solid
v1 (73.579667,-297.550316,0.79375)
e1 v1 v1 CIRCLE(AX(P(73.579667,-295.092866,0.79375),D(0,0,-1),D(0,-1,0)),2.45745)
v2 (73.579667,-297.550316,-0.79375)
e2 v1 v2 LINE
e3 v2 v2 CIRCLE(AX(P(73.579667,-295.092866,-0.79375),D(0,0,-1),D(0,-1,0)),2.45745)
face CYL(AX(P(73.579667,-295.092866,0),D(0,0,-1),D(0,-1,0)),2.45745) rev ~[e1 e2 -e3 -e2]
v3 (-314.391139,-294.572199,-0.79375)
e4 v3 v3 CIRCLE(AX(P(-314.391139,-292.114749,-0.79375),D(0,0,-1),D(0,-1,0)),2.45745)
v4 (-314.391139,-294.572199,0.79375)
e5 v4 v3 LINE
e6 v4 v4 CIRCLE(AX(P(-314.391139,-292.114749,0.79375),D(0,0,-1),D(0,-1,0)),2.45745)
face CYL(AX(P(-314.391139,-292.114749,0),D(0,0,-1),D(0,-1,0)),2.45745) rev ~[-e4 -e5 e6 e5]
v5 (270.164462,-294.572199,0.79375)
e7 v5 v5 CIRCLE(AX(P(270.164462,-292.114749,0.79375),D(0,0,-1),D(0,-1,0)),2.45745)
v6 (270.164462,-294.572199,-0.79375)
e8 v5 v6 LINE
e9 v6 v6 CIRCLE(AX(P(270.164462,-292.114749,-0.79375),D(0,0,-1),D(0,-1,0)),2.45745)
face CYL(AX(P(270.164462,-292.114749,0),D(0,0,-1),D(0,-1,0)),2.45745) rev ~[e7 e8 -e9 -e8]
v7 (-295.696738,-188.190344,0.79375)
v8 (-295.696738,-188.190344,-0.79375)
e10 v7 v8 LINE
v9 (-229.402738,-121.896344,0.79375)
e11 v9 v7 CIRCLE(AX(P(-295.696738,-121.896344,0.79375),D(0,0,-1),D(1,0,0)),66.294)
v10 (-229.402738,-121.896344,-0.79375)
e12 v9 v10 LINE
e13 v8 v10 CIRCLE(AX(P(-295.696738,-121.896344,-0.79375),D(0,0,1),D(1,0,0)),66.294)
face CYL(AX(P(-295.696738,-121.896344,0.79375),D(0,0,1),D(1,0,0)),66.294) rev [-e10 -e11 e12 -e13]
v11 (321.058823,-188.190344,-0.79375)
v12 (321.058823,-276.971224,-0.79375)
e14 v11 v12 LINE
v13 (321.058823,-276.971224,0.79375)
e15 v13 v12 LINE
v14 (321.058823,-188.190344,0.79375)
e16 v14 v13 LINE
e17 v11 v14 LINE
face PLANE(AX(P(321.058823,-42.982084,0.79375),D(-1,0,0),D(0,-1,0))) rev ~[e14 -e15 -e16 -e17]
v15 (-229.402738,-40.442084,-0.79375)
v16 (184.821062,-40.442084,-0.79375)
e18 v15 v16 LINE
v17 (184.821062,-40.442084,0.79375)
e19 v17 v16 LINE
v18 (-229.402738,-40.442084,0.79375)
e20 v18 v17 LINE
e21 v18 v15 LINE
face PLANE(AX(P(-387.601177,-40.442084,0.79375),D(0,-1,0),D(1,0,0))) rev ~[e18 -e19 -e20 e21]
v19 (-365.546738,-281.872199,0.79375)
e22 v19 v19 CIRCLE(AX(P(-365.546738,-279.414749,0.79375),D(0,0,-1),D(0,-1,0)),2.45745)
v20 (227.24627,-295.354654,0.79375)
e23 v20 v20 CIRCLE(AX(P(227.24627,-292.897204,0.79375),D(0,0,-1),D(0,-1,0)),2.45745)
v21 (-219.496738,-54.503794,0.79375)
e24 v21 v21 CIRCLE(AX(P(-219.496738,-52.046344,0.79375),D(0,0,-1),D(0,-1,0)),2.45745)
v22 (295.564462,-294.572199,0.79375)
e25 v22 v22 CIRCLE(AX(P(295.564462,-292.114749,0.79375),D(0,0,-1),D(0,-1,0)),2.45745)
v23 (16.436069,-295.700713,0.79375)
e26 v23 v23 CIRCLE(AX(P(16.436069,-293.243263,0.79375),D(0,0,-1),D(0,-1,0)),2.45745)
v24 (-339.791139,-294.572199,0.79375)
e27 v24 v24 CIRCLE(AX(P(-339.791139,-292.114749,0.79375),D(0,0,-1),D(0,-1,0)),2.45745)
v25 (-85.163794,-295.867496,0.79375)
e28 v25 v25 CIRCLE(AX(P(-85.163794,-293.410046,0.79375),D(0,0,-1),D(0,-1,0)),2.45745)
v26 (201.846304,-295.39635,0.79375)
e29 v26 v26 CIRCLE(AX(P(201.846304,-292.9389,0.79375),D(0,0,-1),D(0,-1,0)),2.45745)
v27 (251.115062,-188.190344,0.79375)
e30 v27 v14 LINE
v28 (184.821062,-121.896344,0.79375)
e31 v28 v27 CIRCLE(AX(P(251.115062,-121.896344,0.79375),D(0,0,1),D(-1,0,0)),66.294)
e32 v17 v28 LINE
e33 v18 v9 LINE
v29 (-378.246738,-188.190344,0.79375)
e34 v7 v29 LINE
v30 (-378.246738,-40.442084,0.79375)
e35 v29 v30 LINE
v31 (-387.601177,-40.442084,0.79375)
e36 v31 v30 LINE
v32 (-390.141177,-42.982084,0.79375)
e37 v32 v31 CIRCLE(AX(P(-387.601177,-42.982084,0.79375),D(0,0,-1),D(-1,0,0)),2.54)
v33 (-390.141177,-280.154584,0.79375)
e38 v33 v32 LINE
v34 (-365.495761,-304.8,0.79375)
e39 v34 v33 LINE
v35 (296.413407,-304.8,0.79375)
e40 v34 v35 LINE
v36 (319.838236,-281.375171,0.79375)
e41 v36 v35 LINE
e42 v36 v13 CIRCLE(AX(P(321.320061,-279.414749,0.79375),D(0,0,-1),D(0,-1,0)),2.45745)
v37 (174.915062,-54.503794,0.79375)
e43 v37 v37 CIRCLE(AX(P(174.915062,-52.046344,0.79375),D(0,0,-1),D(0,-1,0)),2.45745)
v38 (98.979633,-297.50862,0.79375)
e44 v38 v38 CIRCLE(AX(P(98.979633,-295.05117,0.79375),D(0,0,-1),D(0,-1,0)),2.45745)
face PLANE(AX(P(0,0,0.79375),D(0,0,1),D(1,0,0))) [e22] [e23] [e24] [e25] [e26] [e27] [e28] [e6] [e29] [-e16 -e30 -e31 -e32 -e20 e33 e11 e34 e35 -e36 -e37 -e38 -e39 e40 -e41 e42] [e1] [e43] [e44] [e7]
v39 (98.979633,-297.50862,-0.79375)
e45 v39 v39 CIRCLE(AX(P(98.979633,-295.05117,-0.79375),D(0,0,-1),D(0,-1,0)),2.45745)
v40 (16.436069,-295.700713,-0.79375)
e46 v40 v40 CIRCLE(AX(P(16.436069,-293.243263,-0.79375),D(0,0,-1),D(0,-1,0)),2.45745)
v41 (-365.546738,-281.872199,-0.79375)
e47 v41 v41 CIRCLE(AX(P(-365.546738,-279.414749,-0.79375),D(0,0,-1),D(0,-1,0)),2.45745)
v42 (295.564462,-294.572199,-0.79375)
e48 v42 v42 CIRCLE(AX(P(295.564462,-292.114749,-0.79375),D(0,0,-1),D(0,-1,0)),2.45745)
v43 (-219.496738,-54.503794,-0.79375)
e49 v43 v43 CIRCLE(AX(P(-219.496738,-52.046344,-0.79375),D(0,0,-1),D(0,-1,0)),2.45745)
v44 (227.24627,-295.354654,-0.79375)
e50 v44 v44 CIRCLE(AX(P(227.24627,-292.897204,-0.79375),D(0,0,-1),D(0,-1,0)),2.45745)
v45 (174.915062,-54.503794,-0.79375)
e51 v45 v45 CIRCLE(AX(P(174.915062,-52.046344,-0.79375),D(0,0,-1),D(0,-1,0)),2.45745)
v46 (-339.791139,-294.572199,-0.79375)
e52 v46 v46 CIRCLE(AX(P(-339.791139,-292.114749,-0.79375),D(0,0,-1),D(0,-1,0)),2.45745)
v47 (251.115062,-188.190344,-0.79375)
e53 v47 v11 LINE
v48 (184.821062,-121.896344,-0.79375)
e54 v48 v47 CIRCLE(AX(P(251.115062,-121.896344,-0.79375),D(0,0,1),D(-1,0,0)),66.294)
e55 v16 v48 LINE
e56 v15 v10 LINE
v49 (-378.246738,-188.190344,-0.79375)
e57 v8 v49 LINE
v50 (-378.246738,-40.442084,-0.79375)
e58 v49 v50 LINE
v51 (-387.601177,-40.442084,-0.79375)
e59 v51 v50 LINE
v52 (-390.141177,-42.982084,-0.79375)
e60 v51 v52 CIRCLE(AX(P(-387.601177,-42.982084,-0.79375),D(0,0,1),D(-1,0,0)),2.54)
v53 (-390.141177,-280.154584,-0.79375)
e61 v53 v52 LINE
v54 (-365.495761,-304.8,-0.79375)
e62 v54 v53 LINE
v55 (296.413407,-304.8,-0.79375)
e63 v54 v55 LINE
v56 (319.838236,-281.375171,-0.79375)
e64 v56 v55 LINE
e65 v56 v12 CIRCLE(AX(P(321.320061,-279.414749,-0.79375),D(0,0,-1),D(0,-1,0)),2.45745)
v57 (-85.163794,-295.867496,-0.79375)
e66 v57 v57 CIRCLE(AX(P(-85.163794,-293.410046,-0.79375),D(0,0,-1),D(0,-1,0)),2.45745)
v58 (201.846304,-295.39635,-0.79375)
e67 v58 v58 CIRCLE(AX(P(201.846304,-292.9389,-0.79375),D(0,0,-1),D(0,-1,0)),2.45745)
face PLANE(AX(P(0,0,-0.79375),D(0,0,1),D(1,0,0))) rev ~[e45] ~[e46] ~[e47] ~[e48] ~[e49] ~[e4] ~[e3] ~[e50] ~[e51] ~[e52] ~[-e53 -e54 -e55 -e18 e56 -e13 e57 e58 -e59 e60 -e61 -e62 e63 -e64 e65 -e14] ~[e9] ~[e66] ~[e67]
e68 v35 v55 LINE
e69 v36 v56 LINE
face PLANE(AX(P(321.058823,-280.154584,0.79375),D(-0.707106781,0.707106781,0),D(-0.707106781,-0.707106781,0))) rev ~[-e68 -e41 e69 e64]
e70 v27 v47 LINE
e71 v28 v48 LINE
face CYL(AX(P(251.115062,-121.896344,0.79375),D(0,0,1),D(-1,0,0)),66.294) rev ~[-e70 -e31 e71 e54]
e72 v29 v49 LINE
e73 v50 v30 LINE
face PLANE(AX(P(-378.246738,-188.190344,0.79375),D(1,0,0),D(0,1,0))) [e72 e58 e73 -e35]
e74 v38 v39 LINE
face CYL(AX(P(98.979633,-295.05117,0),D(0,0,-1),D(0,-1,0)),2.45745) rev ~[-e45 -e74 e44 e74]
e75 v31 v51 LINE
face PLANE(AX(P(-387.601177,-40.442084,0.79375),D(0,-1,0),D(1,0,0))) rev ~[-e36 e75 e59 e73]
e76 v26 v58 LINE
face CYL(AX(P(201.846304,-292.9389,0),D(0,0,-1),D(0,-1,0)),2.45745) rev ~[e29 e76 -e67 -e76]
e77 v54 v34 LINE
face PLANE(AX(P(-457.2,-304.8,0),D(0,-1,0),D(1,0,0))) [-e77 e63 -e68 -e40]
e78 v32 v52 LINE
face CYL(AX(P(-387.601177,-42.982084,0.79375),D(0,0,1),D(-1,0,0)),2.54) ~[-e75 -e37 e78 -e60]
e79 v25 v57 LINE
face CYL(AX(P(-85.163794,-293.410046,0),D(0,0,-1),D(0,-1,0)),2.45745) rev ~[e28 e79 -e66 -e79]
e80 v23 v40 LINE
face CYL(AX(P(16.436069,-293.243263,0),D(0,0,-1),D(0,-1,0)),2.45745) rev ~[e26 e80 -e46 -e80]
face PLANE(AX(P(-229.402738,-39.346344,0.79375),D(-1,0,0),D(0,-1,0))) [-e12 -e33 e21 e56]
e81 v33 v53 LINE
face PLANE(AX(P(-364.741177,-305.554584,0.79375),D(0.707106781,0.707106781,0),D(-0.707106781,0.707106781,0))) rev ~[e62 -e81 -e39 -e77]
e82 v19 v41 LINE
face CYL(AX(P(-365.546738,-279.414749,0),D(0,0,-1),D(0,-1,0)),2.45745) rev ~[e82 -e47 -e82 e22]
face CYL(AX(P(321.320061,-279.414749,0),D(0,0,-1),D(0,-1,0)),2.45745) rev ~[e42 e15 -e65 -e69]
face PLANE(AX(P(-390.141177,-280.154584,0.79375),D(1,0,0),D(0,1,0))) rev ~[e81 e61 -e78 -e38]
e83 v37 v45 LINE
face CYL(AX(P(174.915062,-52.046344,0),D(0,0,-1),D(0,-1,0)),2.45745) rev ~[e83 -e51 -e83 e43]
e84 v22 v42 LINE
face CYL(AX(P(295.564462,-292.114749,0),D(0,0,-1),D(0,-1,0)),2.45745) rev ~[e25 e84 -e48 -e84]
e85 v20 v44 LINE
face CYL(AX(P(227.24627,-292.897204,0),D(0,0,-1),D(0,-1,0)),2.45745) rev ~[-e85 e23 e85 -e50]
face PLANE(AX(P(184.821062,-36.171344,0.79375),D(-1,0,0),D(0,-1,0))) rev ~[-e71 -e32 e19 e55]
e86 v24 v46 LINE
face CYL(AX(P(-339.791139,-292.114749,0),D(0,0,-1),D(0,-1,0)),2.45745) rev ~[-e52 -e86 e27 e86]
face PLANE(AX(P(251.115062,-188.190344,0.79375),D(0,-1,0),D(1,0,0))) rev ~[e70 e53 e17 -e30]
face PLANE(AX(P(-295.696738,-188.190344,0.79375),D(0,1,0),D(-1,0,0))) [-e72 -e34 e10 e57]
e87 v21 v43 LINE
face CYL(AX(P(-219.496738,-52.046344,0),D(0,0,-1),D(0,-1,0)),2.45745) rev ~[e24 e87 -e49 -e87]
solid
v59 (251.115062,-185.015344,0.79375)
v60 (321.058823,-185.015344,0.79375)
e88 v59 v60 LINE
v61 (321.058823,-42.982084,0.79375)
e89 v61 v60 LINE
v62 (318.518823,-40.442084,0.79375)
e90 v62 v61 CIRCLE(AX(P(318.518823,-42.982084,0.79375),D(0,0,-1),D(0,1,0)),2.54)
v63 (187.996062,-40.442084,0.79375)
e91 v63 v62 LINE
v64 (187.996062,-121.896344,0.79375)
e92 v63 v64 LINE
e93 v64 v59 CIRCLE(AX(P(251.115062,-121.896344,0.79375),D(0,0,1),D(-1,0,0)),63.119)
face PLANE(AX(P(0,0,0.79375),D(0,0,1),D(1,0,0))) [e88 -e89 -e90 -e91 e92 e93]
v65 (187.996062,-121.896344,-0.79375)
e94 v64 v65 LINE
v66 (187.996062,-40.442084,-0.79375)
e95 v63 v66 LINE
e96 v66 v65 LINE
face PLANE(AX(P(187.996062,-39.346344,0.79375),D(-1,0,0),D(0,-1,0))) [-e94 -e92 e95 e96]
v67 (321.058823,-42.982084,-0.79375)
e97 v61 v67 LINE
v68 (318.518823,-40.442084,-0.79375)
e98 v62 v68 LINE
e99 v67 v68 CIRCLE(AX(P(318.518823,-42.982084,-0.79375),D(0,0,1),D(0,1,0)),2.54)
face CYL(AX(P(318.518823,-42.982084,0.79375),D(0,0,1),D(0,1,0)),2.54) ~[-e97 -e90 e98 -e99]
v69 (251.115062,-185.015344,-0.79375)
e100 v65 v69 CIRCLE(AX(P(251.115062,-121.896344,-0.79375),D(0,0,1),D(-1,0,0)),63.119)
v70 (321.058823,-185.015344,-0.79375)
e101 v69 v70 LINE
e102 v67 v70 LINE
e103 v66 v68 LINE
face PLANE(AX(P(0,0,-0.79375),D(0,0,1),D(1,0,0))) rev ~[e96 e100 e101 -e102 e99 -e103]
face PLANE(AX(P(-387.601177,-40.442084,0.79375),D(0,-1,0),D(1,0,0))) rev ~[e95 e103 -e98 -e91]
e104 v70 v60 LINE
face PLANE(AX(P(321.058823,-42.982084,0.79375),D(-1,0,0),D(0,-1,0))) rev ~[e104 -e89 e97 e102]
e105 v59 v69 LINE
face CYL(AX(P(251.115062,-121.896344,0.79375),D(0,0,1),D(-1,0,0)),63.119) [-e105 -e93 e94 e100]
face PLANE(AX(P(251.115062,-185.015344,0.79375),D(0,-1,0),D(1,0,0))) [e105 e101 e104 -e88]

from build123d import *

# Parameters (mm, degrees)
SKETCH3_W                              = 914.4
SKETCH3_H                              = 609.6
BOSS_EXTRUDE1_DEPTH                    = 0.79375
SKETCH4_OUTSIDE_W                      = 1136.194
SKETCH4_OUTSIDE_H                      = 831.394
CUT_EXTRUDE1_DEPTH                     = 2.54
CUT_EXTRUDE2_DEPTH                     = 2.54
CUT_EXTRUDE3_DEPTH                     = 2.54
SKETCH11_W                             = 2.45745
SKETCH11_H                             = 1.5875
F_10_0_1935_DIAMETER_HOLE1_AT_2_COUNT  = 2
F_10_0_1935_DIAMETER_HOLE1_AT_2_PITCH  = 25.4
F_10_0_1935_DIAMETER_HOLE1_AT_3_COUNT  = 2
F_10_0_1935_DIAMETER_HOLE1_AT_3_PITCH  = 52.708494186
F_10_0_1935_DIAMETER_HOLE1_AT_4_COUNT  = 2
F_10_0_1935_DIAMETER_HOLE1_AT_4_PITCH  = 609.955600508
F_10_0_1935_DIAMETER_HOLE1_AT_5_COUNT  = 2
F_10_0_1935_DIAMETER_HOLE1_AT_5_PITCH  = 584.555600508
F_10_0_1935_DIAMETER_HOLE1_AT_6_COUNT  = 2
F_10_0_1935_DIAMETER_HOLE1_AT_6_PITCH  = 635.838045264
F_10_0_1935_DIAMETER_HOLE1_AT_7_COUNT  = 2
F_10_0_1935_DIAMETER_HOLE1_AT_7_PITCH  = 545.026051512
F_10_0_1935_DIAMETER_HOLE1_AT_8_COUNT  = 2
F_10_0_1935_DIAMETER_HOLE1_AT_8_PITCH  = 258.142956966
F_10_0_1935_DIAMETER_HOLE1_AT_9_COUNT  = 2
F_10_0_1935_DIAMETER_HOLE1_AT_9_PITCH  = 387.982235928
F_10_0_1935_DIAMETER_HOLE1_AT_10_COUNT = 2
F_10_0_1935_DIAMETER_HOLE1_AT_10_PITCH = 413.381201108
F_10_0_1935_DIAMETER_HOLE1_AT_11_COUNT = 2
F_10_0_1935_DIAMETER_HOLE1_AT_11_PITCH = 516.238100689
F_10_0_1935_DIAMETER_HOLE1_AT_12_COUNT = 2
F_10_0_1935_DIAMETER_HOLE1_AT_12_PITCH = 541.637973776
F_10_0_1935_DIAMETER_HOLE1_AT_13_COUNT = 2
F_10_0_1935_DIAMETER_HOLE1_AT_13_PITCH = 229.23100458
F_10_0_1935_DIAMETER_HOLE1_AT_14_COUNT = 2
F_10_0_1935_DIAMETER_HOLE1_AT_14_PITCH = 330.829132824


with BuildPart() as part:
    # Sketch3 → Boss-Extrude1 (new, symmetric)
    with BuildSketch(Plane.XY):
        Rectangle(SKETCH3_W, SKETCH3_H)
    extrude(amount=BOSS_EXTRUDE1_DEPTH, both=True)

    # Sketch4 outside → Cut-Extrude1 (cut)
    with BuildSketch(Plane.XY.offset(0.79375)):
        Rectangle(SKETCH4_OUTSIDE_W, SKETCH4_OUTSIDE_H)
        with BuildLine():
            Line((-364.741176915, -305.554584202), (-390.141176915, -280.154584202))
            Line((-390.141176915, -280.154584202), (-390.141176915, -42.982084202))
            ThreePointArc((-390.141176915, -42.982084202), (-389.397228139, -41.186032978), (-387.601176915, -40.442084202))
            Line((-387.601176915, -40.442084202), (318.518823085, -40.442084202))
            ThreePointArc((318.518823085, -40.442084202), (320.314874309, -41.186032978), (321.058823085, -42.982084202))
            Line((321.058823085, -42.982084202), (321.058823085, -280.154584202))
            Line((321.058823085, -280.154584202), (295.658823085, -305.554584202))
            Line((295.658823085, -305.554584202), (-364.741176915, -305.554584202))
        make_face(mode=Mode.SUBTRACT)
    extrude(amount=-CUT_EXTRUDE1_DEPTH, mode=Mode.SUBTRACT)

    # Sketch7 → Cut-Extrude2 (cut)
    with BuildSketch(Plane.XY.offset(0.79375)):
        with BuildLine():
            Line((-378.246738216, -188.190344021), (-378.246738216, -39.346344021))
            Line((-378.246738216, -39.346344021), (-229.402738216, -39.346344021))
            Line((-229.402738216, -39.346344021), (-229.402738216, -64.746344021))
            Line((-229.402738216, -64.746344021), (-229.402738216, -121.896344021))
            ThreePointArc((-229.402738216, -121.896344021), (-248.819801264, -168.773280973), (-295.696738216, -188.190344021))
            Line((-295.696738216, -188.190344021), (-352.846738216, -188.190344021))
            Line((-352.846738216, -188.190344021), (-378.246738216, -188.190344021))
        make_face()
    extrude(amount=-CUT_EXTRUDE2_DEPTH, mode=Mode.SUBTRACT)

    # Sketch8 → Cut-Extrude3 (cut)
    with BuildSketch(Plane.XY.offset(0.79375)):
        with BuildLine():
            Line((251.115061771, -188.190344021), (336.840061771, -188.190344021))
            Line((336.840061771, -188.190344021), (336.840061771, -36.171344021))
            Line((336.840061771, -36.171344021), (184.821061771, -36.171344021))
            Line((184.821061771, -36.171344021), (184.821061771, -121.896344021))
            ThreePointArc((184.821061771, -121.896344021), (204.238124819, -168.773280973), (251.115061771, -188.190344021))
        make_face()
        with BuildLine():
            Line((251.115061771, -185.015344021), (333.665061771, -185.015344021))
            Line((333.665061771, -185.015344021), (333.665061771, -39.346344021))
            Line((333.665061771, -39.346344021), (187.996061771, -39.346344021))
            Line((187.996061771, -39.346344021), (187.996061771, -121.896344021))
            ThreePointArc((187.996061771, -121.896344021), (206.483188849, -166.528216943), (251.115061771, -185.015344021))
        make_face(mode=Mode.SUBTRACT)
    extrude(amount=-CUT_EXTRUDE3_DEPTH, mode=Mode.SUBTRACT)


with BuildPart() as cut_extrude3_piece_1:
    # of the separate pieces the step leaves, piece 1, a body of its own (cut_extrude3_pieces)
    add(part.part.solids().sort_by_distance((296.413407287, -304.8, -0.79375))[0])

    # Sketch11 → #10 (0.1935) Diameter Hole1 (revolve, cut)
    with BuildSketch(Plane(origin=(-314.391138724, -292.114748821, 0.79375), x_dir=(0, -1, 0), z_dir=(1, 0, 0))):
        with Locations((1.228725, 0.79375)):
            Rectangle(SKETCH11_W, SKETCH11_H)
    f_10_0_1935_diameter_hole1 = revolve(axis=Axis((-314.391138724, -292.114748821, 7.14375), (0, 0, -1)), mode=Mode.SUBTRACT)

    # #10 (0.1935) Diameter Hole1 at 2: #10 (0.1935) Diameter Hole1 ×2
    with Locations(*[(-i * F_10_0_1935_DIAMETER_HOLE1_AT_2_PITCH, 0, 0) for i in range(1, F_10_0_1935_DIAMETER_HOLE1_AT_2_COUNT)]):
        add(f_10_0_1935_diameter_hole1, mode=Mode.SUBTRACT)

    # #10 (0.1935) Diameter Hole1 at 3: #10 (0.1935) Diameter Hole1 ×2
    with Locations(*[Vector(-0.9705380561850375, 0.2409478812867402, 0) * (i * F_10_0_1935_DIAMETER_HOLE1_AT_3_PITCH) for i in range(1, F_10_0_1935_DIAMETER_HOLE1_AT_3_COUNT)]):
        add(f_10_0_1935_diameter_hole1, mode=Mode.SUBTRACT)

    # #10 (0.1935) Diameter Hole1 at 4: #10 (0.1935) Diameter Hole1 ×2
    with Locations(*[(i * F_10_0_1935_DIAMETER_HOLE1_AT_4_PITCH, 0, 0) for i in range(1, F_10_0_1935_DIAMETER_HOLE1_AT_4_COUNT)]):
        add(f_10_0_1935_diameter_hole1, mode=Mode.SUBTRACT)

    # #10 (0.1935) Diameter Hole1 at 5: #10 (0.1935) Diameter Hole1 ×2
    with Locations(*[(i * F_10_0_1935_DIAMETER_HOLE1_AT_5_PITCH, 0, 0) for i in range(1, F_10_0_1935_DIAMETER_HOLE1_AT_5_COUNT)]):
        add(f_10_0_1935_diameter_hole1, mode=Mode.SUBTRACT)

    # #10 (0.1935) Diameter Hole1 at 6: #10 (0.1935) Diameter Hole1 ×2
    with Locations(*[Vector(0.9998005069605744, 0.01997363966277868, 0) * (i * F_10_0_1935_DIAMETER_HOLE1_AT_6_PITCH) for i in range(1, F_10_0_1935_DIAMETER_HOLE1_AT_6_COUNT)]):
        add(f_10_0_1935_diameter_hole1, mode=Mode.SUBTRACT)

    # #10 (0.1935) Diameter Hole1 at 7: #10 (0.1935) Diameter Hole1 ×2
    with Locations(*[Vector(0.8977666281056725, 0.44047143092347246, 0) * (i * F_10_0_1935_DIAMETER_HOLE1_AT_7_PITCH) for i in range(1, F_10_0_1935_DIAMETER_HOLE1_AT_7_COUNT)]):
        add(f_10_0_1935_diameter_hole1, mode=Mode.SUBTRACT)

    # #10 (0.1935) Diameter Hole1 at 8: #10 (0.1935) Diameter Hole1 ×2
    with Locations(*[Vector(0.3676040656829352, 0.929982392786754, 0) * (i * F_10_0_1935_DIAMETER_HOLE1_AT_8_PITCH) for i in range(1, F_10_0_1935_DIAMETER_HOLE1_AT_8_COUNT)]):
        add(f_10_0_1935_diameter_hole1, mode=Mode.SUBTRACT)

    # #10 (0.1935) Diameter Hole1 at 9: #10 (0.1935) Diameter Hole1 ×2
    with Locations(*[Vector(0.9999705397694504, -0.007675909926132699, 0) * (i * F_10_0_1935_DIAMETER_HOLE1_AT_9_PITCH) for i in range(1, F_10_0_1935_DIAMETER_HOLE1_AT_9_COUNT)]):
        add(f_10_0_1935_diameter_hole1, mode=Mode.SUBTRACT)

    # #10 (0.1935) Diameter Hole1 at 10: #10 (0.1935) Diameter Hole1 ×2
    with Locations(*[Vector(0.9999747703828846, -0.0071034215486100935, 0) * (i * F_10_0_1935_DIAMETER_HOLE1_AT_10_PITCH) for i in range(1, F_10_0_1935_DIAMETER_HOLE1_AT_10_COUNT)]):
        add(f_10_0_1935_diameter_hole1, mode=Mode.SUBTRACT)

    # #10 (0.1935) Diameter Hole1 at 11: #10 (0.1935) Diameter Hole1 ×2
    with Locations(*[Vector(0.9999987256648789, -0.0015964550160305706, 0) * (i * F_10_0_1935_DIAMETER_HOLE1_AT_11_PITCH) for i in range(1, F_10_0_1935_DIAMETER_HOLE1_AT_11_COUNT)]):
        add(f_10_0_1935_diameter_hole1, mode=Mode.SUBTRACT)

    # #10 (0.1935) Diameter Hole1 at 12: #10 (0.1935) Diameter Hole1 ×2
    with Locations(*[Vector(0.9999989565517423, -0.0014446090913347437, 0) * (i * F_10_0_1935_DIAMETER_HOLE1_AT_12_PITCH) for i in range(1, F_10_0_1935_DIAMETER_HOLE1_AT_12_COUNT)]):
        add(f_10_0_1935_diameter_hole1, mode=Mode.SUBTRACT)

    # #10 (0.1935) Diameter Hole1 at 13: #10 (0.1935) Diameter Hole1 ×2
    with Locations(*[Vector(0.9999840351163782, -0.005650620529293304, 0) * (i * F_10_0_1935_DIAMETER_HOLE1_AT_13_PITCH) for i in range(1, F_10_0_1935_DIAMETER_HOLE1_AT_13_COUNT)]):
        add(f_10_0_1935_diameter_hole1, mode=Mode.SUBTRACT)

    # #10 (0.1935) Diameter Hole1 at 14: #10 (0.1935) Diameter Hole1 ×2
    with Locations(*[Vector(0.9999941819431991, -0.003411169850958024, 0) * (i * F_10_0_1935_DIAMETER_HOLE1_AT_14_PITCH) for i in range(1, F_10_0_1935_DIAMETER_HOLE1_AT_14_COUNT)]):
        add(f_10_0_1935_diameter_hole1, mode=Mode.SUBTRACT)


with BuildPart() as cut_extrude3_piece_2:
    # of the separate pieces the step leaves, piece 2, a body of its own (cut_extrude3_pieces)
    add(part.part.solids().sort_by_distance((321.058823085, -42.982084202, 0.79375))[0])


solid = Compound([cut_extrude3_piece_1.part, cut_extrude3_piece_2.part])
